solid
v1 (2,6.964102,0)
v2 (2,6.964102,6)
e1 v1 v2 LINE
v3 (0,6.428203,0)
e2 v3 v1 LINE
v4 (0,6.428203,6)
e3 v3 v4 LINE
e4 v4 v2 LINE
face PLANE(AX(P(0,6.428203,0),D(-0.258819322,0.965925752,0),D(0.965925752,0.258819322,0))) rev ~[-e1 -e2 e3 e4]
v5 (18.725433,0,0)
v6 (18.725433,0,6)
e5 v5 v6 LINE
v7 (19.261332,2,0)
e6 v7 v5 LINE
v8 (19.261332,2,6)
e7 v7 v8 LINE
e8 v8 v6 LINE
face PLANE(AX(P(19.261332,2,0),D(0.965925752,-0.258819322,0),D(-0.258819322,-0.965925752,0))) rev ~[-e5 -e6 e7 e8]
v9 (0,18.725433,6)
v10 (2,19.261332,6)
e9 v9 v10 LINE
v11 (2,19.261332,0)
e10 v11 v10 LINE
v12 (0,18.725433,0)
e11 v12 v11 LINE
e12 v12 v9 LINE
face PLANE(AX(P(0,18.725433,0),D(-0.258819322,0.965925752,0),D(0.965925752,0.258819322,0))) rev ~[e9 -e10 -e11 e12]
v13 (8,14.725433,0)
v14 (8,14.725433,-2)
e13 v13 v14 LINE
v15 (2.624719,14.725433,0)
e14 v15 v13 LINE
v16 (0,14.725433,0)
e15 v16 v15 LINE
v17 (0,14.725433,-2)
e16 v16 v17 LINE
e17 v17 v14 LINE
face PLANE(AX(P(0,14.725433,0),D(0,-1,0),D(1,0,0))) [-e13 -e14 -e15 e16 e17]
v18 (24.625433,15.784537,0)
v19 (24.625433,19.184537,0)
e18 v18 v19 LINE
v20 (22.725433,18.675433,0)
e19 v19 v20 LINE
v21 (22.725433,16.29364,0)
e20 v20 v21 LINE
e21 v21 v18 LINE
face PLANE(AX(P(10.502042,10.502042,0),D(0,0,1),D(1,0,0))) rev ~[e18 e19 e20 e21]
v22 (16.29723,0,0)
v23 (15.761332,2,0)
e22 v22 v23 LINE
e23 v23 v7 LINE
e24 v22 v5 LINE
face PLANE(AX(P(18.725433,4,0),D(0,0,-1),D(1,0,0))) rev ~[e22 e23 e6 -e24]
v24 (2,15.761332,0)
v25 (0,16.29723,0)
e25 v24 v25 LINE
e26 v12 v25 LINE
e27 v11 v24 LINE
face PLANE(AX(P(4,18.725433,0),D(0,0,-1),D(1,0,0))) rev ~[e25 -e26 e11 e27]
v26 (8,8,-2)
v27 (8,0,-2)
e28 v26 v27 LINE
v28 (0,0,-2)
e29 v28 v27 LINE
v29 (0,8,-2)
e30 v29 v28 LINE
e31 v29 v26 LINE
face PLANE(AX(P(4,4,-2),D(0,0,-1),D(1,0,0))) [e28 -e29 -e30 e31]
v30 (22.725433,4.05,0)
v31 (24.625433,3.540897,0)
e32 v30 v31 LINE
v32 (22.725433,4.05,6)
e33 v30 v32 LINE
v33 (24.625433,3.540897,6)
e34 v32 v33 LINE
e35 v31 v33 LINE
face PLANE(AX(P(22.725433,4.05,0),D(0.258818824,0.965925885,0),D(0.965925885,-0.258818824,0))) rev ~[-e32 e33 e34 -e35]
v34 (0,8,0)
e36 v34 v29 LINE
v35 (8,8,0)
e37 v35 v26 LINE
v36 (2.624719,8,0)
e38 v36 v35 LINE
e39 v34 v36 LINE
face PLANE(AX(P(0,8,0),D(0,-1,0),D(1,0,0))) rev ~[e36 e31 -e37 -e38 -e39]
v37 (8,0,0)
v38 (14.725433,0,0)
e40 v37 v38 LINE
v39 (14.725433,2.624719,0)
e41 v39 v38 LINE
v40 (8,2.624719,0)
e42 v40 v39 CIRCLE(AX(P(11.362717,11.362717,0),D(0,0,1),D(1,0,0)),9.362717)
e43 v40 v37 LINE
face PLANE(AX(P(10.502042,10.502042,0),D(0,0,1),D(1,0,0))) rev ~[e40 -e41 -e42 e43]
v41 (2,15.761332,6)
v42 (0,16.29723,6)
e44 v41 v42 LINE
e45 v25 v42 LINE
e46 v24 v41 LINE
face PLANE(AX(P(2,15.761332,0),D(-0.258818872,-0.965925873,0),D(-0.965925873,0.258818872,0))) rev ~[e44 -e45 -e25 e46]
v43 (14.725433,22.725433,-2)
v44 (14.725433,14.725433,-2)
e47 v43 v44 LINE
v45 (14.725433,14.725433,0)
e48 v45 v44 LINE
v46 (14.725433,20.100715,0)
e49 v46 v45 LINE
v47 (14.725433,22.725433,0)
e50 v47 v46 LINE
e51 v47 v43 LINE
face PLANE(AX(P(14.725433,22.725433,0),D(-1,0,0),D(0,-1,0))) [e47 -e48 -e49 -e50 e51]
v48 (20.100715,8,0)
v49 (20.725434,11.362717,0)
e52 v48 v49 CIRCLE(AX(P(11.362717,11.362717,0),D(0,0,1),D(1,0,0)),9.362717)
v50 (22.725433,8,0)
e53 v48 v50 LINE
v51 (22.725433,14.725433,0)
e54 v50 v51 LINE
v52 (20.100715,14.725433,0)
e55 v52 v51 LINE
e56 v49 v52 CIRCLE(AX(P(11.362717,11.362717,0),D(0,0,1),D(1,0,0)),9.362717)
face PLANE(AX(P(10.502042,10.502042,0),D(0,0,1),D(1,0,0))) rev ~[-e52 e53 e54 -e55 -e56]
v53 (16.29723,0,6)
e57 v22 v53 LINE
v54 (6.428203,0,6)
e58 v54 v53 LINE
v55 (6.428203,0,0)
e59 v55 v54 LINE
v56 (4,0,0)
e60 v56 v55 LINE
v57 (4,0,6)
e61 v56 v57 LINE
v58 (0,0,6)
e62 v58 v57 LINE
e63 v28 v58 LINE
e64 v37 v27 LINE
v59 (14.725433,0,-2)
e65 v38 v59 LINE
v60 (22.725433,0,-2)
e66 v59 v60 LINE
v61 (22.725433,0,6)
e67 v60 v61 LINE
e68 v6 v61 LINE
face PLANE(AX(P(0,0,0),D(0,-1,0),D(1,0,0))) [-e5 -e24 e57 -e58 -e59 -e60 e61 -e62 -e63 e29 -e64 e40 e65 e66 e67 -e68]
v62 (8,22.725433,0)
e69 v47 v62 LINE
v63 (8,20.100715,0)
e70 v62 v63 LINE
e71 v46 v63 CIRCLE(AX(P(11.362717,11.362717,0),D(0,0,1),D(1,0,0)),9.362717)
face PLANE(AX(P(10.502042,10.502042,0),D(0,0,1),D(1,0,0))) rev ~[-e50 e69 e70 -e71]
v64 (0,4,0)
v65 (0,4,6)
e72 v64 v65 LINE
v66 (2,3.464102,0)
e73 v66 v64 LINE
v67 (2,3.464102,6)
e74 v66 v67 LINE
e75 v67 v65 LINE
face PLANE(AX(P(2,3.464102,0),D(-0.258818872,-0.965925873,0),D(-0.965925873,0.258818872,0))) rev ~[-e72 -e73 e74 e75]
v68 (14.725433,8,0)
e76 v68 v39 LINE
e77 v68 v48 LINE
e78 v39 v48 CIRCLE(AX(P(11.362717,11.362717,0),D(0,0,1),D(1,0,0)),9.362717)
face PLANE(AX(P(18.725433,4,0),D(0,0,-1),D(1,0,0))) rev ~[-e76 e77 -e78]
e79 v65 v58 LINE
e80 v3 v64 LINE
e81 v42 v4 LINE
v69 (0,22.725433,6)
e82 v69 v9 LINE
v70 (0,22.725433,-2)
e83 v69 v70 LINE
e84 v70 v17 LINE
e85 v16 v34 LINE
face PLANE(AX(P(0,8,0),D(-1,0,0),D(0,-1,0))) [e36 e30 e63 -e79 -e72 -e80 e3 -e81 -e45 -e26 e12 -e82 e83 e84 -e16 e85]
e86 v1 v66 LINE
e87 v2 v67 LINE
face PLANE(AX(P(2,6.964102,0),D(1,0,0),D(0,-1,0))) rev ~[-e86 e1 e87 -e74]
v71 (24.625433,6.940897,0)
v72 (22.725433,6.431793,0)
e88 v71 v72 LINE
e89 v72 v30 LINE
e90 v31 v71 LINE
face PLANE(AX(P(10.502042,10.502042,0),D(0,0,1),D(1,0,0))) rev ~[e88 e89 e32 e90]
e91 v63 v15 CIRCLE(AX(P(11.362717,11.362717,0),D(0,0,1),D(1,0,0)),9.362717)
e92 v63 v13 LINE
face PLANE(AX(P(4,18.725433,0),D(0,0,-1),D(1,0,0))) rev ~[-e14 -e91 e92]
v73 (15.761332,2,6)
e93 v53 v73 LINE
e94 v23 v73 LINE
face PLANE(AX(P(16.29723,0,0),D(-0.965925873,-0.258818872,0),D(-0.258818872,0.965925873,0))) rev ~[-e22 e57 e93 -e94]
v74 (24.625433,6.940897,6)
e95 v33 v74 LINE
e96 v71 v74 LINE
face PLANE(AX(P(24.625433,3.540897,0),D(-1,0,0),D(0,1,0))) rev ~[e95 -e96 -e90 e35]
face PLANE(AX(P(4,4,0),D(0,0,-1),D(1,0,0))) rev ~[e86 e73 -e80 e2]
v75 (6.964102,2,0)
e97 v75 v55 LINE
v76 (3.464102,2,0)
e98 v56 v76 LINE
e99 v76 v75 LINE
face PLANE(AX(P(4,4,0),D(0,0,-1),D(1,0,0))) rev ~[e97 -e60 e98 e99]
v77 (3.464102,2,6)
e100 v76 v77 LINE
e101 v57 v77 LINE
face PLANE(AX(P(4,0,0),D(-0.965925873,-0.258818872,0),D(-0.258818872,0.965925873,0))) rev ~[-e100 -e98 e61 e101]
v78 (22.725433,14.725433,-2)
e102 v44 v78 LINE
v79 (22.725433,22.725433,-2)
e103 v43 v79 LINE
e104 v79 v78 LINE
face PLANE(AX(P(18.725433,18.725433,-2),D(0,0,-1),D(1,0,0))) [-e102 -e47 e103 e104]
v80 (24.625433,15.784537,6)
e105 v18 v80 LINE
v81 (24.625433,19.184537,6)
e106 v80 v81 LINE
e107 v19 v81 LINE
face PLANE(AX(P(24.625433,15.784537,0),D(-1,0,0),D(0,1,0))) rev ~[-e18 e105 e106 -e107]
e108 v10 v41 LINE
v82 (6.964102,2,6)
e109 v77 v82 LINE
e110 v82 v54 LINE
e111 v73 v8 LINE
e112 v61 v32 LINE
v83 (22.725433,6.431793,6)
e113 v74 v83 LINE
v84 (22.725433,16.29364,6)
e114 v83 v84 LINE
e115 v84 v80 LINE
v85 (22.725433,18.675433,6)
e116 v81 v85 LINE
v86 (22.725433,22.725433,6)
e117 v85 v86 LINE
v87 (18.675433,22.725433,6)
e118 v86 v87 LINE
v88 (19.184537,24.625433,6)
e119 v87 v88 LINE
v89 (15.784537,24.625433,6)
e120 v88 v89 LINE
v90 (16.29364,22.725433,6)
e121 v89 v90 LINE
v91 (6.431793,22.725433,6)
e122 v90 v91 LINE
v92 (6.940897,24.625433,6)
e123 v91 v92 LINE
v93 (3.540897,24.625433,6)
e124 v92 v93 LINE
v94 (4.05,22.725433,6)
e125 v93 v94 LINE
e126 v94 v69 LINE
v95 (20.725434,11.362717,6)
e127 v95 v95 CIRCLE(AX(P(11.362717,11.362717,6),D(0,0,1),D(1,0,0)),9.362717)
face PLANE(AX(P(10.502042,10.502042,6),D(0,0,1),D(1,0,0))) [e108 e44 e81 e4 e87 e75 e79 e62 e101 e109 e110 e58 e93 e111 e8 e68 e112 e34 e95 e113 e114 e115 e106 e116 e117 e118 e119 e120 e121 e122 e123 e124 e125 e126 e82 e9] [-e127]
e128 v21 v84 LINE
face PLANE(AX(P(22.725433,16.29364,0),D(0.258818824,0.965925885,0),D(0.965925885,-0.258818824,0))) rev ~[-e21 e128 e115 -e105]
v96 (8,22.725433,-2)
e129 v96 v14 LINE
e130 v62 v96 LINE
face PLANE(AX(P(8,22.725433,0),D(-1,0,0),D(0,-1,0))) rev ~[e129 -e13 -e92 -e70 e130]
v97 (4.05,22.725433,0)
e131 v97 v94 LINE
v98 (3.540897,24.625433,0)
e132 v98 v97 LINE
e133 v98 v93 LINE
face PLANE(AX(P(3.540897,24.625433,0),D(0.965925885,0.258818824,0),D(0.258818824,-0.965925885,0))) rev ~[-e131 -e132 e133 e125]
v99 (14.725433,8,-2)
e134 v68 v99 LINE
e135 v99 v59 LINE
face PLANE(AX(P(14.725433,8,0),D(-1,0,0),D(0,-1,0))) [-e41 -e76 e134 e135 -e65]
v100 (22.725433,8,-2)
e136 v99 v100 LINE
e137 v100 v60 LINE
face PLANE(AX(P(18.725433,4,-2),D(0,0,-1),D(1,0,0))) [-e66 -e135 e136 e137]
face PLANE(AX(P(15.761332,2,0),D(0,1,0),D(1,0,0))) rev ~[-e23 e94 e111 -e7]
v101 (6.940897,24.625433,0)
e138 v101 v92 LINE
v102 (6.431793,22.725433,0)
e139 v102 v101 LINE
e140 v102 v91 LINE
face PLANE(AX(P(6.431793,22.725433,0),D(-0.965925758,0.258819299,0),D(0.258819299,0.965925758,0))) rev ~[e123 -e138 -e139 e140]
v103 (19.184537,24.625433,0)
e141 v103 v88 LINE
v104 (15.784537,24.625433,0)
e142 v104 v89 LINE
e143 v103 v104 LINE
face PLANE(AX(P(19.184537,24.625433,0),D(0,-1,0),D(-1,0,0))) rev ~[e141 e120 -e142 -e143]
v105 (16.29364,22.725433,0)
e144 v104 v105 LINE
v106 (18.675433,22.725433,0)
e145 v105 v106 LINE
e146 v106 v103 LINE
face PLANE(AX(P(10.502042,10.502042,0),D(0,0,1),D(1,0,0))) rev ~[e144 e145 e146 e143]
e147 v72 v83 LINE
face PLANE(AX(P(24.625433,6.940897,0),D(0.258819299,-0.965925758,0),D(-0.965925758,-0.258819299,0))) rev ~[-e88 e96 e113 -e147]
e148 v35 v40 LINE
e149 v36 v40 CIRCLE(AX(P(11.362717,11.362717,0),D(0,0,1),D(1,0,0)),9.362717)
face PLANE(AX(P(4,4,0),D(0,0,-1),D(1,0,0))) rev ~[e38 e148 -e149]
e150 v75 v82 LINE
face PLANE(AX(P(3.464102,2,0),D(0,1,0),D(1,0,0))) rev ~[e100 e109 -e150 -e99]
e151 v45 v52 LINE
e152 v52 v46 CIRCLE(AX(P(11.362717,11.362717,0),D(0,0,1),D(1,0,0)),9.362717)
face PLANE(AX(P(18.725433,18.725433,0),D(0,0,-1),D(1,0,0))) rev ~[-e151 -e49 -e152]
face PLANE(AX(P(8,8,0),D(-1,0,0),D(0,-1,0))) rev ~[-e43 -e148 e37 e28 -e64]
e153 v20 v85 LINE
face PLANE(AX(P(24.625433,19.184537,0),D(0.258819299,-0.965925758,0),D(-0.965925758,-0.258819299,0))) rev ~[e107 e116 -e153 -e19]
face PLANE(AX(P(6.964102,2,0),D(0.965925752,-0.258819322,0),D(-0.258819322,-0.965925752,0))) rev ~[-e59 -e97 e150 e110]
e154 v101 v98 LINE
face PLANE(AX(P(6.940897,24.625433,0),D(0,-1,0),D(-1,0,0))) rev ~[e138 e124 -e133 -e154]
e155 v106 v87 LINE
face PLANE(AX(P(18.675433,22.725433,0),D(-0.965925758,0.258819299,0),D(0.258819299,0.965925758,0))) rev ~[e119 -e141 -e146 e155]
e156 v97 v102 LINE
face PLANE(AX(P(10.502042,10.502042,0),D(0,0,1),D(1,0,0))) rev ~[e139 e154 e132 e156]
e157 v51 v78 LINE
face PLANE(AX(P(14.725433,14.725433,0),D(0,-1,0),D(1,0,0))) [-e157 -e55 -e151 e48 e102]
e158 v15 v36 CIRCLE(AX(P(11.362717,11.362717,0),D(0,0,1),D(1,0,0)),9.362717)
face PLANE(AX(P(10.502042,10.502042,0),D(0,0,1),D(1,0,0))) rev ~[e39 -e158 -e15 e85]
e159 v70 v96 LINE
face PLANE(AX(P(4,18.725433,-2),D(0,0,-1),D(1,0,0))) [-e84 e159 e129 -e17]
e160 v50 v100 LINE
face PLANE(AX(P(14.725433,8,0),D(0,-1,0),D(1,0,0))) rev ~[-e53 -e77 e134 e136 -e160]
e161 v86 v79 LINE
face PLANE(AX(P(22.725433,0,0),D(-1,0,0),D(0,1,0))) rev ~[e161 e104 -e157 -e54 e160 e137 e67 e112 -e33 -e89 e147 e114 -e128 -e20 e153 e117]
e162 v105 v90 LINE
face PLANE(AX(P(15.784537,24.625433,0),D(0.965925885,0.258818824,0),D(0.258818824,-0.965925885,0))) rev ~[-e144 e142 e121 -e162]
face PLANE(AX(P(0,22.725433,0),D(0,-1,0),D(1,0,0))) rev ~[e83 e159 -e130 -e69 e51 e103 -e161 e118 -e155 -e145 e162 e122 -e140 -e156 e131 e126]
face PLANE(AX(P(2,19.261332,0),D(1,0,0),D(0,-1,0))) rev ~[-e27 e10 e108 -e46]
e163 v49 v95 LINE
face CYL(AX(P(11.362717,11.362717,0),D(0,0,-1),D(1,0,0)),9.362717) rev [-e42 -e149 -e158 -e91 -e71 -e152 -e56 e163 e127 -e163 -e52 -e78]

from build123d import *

# Parameters (mm, degrees)
F0_R     = 9.362717
F1_DEPTH = 6
F2_W     = 8
F2_H     = 8
F3_DEPTH = 2


with BuildPart() as f1:
    # F0 (on Top) → F1 (new body)
    with BuildSketch(Plane.XY):
        Polygon((0, 4), (0, 0), (4, 0), (3.464102, 2), (6.964102, 2), (6.428203, 0), (16.29723, 0), (15.761332, 2), (19.261332, 2), (18.725433, 0), (22.725433, 0), (22.725433, 4.05), (22.725433, 6.431793), (22.725433, 16.29364), (22.725433, 18.675433), (22.725433, 22.725433), (18.675433, 22.725433), (16.29364, 22.725433), (6.431793, 22.725433), (4.05, 22.725433), (0, 22.725433), (0, 18.725433), (2, 19.261332), (2, 15.761332), (0, 16.29723), (0, 6.428203), (2, 6.964102), (2, 3.464102), align=None)
        with Locations((11.362717, 11.362717)):
            Circle(F0_R, mode=Mode.SUBTRACT)
        Polygon((22.725433, 6.431793), (22.725433, 4.05), (24.625433, 3.540897), (24.625433, 6.940897), align=None)
        Polygon((3.540897, 24.625433), (4.05, 22.725433), (6.431793, 22.725433), (6.940897, 24.625433), align=None)
        Polygon((22.725433, 18.675433), (22.725433, 16.29364), (24.625433, 15.784537), (24.625433, 19.184537), align=None)
        Polygon((15.784537, 24.625433), (16.29364, 22.725433), (18.675433, 22.725433), (19.184537, 24.625433), align=None)
    extrude(amount=F1_DEPTH)

    # F2 (on face) → F3 (join)
    with BuildSketch(Plane(origin=(0, 0, 0), x_dir=(1, 0, 0), z_dir=(0, 0, -1))):
        with Locations((4, -4)):
            Rectangle(F2_W, F2_H)
        with Locations((4, -18.725433)):
            Rectangle(F2_W, F2_H)
        with Locations((18.725433, -18.725433)):
            Rectangle(F2_W, F2_H)
        with Locations((18.725433, -4)):
            Rectangle(F2_W, F2_H)
    extrude(amount=F3_DEPTH)


solid = f1.part
